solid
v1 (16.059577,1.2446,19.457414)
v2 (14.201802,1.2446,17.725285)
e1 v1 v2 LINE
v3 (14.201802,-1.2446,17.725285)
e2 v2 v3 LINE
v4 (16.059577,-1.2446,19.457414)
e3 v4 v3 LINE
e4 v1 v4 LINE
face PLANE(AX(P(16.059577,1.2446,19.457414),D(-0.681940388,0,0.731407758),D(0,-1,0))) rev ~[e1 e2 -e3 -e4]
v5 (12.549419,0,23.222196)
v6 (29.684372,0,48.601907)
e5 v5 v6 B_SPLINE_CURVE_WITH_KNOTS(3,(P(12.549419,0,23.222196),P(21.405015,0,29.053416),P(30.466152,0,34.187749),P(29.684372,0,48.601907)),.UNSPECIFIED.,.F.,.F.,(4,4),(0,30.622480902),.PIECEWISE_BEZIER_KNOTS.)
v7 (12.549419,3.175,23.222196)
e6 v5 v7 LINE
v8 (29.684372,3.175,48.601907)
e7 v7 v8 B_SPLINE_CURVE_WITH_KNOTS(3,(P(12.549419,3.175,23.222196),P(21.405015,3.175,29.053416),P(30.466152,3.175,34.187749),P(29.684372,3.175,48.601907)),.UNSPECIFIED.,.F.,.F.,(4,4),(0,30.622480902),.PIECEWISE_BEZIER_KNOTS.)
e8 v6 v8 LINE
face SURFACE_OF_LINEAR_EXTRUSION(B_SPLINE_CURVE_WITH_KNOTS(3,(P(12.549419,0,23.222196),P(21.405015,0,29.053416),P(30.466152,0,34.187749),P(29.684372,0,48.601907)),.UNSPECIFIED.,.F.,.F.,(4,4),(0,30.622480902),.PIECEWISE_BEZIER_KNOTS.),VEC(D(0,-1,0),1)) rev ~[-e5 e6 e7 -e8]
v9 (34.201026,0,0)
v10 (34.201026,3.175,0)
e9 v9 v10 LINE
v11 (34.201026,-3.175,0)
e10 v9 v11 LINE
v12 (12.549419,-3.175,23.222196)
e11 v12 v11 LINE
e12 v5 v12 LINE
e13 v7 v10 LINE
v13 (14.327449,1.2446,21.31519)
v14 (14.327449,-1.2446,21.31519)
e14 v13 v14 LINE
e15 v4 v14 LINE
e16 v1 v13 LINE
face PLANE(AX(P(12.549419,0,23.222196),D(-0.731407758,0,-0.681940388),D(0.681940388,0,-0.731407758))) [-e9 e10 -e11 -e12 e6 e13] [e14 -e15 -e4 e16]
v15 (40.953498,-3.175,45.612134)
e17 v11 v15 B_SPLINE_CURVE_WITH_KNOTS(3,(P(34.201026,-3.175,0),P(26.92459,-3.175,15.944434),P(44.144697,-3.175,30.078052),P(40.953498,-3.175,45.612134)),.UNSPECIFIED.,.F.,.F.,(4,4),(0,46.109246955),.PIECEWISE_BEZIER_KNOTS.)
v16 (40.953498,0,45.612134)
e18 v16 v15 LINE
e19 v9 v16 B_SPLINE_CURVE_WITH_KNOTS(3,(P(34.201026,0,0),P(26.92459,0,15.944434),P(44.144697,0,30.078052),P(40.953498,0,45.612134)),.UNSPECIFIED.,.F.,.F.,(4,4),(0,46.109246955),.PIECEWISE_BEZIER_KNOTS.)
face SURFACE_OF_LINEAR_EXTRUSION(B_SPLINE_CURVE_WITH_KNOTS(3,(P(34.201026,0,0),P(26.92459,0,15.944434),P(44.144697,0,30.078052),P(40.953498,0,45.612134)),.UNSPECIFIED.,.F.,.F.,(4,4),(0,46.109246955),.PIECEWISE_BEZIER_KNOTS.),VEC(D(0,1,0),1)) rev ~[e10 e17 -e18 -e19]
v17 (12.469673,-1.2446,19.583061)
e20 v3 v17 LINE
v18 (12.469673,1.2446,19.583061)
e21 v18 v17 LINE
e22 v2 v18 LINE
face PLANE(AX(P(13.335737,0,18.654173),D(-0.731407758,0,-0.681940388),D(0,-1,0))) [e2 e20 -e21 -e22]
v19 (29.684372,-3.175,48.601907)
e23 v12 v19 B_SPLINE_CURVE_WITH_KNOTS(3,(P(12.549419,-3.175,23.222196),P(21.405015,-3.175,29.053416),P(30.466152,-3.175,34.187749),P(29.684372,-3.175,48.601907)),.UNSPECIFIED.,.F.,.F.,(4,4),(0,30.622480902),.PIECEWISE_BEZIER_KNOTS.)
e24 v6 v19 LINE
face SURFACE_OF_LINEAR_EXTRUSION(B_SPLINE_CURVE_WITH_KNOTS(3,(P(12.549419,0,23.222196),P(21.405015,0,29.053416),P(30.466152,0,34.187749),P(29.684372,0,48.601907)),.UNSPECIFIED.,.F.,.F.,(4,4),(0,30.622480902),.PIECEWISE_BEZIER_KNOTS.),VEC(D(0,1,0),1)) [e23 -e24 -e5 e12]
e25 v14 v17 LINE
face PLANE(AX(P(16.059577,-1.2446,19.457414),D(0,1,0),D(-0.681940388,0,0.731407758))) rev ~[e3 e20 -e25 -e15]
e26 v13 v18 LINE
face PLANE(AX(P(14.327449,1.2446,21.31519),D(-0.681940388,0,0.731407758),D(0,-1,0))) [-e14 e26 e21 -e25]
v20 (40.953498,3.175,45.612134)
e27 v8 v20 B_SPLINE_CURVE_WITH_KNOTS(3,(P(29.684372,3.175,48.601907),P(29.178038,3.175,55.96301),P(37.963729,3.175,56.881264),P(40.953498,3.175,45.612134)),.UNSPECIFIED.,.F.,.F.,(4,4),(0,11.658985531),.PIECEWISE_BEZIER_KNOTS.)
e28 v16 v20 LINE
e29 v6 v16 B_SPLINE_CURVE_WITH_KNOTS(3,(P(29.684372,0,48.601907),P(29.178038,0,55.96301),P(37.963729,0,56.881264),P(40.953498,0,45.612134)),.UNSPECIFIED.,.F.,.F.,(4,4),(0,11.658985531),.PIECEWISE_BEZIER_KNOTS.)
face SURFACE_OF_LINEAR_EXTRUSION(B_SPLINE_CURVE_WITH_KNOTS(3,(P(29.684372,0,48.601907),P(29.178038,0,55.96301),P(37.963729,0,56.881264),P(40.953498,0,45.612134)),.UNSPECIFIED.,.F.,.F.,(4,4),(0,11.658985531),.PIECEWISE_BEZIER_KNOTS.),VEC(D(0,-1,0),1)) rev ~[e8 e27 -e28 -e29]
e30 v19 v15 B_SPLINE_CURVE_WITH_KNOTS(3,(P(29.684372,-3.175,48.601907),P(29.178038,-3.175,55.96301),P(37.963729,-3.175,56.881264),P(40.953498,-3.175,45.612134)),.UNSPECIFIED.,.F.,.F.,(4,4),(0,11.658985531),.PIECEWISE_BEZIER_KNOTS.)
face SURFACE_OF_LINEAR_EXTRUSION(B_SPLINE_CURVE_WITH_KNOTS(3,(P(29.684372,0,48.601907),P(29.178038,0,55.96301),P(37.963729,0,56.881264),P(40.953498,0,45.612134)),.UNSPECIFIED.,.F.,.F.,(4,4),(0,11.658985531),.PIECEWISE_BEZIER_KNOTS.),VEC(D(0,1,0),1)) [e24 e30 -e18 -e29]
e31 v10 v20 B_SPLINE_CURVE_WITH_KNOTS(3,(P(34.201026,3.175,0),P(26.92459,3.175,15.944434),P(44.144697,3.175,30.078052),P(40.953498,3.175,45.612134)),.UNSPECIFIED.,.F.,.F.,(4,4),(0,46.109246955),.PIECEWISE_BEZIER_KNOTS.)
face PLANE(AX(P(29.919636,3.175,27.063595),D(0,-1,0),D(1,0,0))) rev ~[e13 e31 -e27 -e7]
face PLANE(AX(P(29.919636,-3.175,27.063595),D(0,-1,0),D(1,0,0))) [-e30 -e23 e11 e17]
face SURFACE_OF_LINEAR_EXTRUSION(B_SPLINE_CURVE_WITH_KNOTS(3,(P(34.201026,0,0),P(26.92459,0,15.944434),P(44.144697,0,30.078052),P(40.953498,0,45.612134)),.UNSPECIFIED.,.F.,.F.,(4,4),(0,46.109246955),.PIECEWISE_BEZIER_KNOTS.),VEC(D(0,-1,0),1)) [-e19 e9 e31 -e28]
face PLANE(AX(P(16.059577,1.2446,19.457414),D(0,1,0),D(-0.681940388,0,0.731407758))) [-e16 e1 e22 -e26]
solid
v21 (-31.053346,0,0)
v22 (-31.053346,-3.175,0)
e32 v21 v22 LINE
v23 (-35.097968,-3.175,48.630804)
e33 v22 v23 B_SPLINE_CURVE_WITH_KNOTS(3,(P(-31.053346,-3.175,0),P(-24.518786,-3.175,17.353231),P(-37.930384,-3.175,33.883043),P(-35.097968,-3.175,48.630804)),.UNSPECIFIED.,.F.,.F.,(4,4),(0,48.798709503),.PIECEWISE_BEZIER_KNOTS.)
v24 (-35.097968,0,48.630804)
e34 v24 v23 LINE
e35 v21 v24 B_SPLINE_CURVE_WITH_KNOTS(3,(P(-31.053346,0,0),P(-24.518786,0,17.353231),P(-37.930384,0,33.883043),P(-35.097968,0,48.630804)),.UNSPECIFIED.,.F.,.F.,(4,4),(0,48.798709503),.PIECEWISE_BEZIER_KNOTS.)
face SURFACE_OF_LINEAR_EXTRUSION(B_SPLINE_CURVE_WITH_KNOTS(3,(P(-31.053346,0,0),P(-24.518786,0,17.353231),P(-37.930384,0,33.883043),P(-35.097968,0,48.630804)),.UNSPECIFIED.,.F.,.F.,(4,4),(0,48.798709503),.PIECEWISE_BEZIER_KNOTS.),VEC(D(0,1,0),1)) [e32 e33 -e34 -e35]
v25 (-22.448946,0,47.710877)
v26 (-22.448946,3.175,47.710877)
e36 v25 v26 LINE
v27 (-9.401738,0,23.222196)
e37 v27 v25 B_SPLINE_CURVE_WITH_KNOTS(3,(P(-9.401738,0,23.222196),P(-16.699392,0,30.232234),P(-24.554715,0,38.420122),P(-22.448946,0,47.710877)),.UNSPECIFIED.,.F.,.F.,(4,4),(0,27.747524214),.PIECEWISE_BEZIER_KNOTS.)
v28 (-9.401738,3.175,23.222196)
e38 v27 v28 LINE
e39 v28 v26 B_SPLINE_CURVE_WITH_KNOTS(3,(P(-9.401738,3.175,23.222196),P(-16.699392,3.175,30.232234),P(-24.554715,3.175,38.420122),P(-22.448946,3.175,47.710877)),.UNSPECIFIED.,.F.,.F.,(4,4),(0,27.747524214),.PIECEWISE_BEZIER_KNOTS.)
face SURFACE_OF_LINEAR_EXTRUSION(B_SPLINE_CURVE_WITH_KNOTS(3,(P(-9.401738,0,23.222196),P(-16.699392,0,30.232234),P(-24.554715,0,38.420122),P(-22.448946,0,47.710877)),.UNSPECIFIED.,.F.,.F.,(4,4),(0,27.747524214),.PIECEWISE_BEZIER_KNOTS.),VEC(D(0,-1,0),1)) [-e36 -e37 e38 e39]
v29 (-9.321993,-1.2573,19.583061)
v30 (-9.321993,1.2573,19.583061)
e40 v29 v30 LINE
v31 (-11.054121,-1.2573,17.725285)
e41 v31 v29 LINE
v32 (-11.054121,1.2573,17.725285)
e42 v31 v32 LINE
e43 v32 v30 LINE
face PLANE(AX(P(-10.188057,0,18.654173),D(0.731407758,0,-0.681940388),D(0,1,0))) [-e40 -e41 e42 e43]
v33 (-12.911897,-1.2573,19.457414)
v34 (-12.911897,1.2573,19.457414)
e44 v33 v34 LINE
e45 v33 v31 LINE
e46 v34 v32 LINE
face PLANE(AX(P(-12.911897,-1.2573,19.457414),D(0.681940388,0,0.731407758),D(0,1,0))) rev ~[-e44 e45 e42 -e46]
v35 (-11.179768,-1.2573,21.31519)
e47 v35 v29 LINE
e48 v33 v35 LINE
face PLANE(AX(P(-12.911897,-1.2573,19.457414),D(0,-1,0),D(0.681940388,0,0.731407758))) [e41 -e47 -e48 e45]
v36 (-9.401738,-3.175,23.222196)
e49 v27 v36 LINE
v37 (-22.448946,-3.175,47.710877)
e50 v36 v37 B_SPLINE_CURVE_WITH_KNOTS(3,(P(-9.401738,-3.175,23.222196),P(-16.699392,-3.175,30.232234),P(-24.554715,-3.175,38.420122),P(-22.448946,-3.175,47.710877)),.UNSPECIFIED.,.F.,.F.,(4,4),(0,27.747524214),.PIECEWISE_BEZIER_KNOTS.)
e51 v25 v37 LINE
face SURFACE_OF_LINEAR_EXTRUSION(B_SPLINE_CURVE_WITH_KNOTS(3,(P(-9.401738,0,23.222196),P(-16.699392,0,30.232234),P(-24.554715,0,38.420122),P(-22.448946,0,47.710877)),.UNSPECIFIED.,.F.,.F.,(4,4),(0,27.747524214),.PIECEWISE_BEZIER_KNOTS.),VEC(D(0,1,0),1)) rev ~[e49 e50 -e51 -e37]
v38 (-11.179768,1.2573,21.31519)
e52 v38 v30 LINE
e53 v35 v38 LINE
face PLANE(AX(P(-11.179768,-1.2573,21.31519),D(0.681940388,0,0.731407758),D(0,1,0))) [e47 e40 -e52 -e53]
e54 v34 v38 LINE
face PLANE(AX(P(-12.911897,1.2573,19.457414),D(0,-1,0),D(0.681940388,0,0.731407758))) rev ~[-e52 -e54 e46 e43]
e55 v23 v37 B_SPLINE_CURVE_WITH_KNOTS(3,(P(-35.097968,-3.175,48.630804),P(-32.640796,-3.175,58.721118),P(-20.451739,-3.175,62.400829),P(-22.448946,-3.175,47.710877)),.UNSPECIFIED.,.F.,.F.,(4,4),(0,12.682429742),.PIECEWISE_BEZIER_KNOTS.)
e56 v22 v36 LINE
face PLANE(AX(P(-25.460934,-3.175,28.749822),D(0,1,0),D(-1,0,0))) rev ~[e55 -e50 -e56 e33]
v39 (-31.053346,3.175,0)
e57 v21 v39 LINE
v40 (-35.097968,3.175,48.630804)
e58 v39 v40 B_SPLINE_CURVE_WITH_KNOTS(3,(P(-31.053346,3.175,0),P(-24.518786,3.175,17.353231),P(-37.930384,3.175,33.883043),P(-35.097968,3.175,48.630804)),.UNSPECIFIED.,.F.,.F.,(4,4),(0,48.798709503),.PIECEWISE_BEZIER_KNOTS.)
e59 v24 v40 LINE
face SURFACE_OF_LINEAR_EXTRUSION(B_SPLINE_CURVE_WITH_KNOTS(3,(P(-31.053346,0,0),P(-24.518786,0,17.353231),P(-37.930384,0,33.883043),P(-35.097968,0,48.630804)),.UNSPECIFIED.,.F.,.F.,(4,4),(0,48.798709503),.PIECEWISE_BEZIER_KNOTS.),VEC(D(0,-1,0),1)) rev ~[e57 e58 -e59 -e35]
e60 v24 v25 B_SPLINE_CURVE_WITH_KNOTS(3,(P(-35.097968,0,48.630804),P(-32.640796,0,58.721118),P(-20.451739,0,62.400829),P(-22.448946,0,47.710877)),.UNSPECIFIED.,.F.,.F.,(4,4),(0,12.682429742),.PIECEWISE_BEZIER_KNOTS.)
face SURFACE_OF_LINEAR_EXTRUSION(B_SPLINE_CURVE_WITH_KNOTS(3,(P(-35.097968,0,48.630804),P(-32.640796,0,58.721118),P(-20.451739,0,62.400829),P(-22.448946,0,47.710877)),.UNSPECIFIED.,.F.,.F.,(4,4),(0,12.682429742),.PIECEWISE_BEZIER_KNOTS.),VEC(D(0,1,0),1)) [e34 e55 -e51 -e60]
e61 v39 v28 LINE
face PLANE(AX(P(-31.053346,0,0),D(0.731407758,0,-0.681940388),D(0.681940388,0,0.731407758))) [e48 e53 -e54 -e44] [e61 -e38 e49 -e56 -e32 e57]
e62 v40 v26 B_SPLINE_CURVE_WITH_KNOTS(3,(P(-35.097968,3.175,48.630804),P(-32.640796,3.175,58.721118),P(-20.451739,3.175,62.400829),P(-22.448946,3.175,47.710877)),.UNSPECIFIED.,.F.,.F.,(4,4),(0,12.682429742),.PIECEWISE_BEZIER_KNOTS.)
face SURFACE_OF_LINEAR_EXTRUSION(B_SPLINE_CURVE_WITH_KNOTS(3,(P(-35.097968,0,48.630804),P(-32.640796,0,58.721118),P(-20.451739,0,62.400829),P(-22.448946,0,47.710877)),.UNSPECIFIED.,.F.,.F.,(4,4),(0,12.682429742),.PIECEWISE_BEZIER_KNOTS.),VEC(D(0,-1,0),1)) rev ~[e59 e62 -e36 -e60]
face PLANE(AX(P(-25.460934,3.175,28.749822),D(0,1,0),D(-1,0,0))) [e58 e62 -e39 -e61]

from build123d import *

# Parameters (mm, degrees)
F1_DEPTH = 3.175
F3_W     = 2.5146
F3_H     = 2.54
F4_DEPTH = 2.54
F6_W     = 2.4892
F6_H     = 2.54
F7_DEPTH = 2.54


with BuildPart() as f1:
    # F0 (on Front) → F1 (new body, symmetric)
    with BuildSketch(Plane.XZ):
        with BuildLine():
            add(Edge.make_bspline(
                [(-31.0533456504, 0), (-24.5187859982, 17.3532310873), (-37.9303842783, 33.8830426335), (-35.0979678333, 48.6308038235)],
                knots=[0, 0, 0, 0, 48.7987095026, 48.7987095026, 48.7987095026, 48.7987095026], degree=3))
            Line((-31.0533456504, 0), (-9.4017383467, 23.2221963037))
            add(Edge.make_bspline(
                [(-9.4017383467, 23.2221963037), (-16.6993923485, 30.2322339267), (-24.5547145605, 38.4201221168), (-22.4489457905, 47.7108769119)],
                knots=[0, 0, 0, 0, 27.7475242141, 27.7475242141, 27.7475242141, 27.7475242141], degree=3))
            add(Edge.make_bspline(
                [(-35.0979678333, 48.6308038235), (-32.6407961547, 58.7211176753), (-20.4517394304, 62.400829047), (-22.4489457905, 47.7108769119)],
                knots=[0, 0, 0, 0, 12.682429742, 12.682429742, 12.682429742, 12.682429742], degree=3))
        make_face()
    extrude(amount=F1_DEPTH, both=True)

    # F3 (on offset) → F4 (join)
    with BuildSketch(Plane(origin=(-16.6122141895, 0, 15.4886787354), x_dir=(0, 1, 0), z_dir=(0.7314077576, 0, -0.6819403875))):
        with Locations((0, 6.6961594334)):
            Rectangle(F3_W, F3_H)
    extrude(amount=F4_DEPTH)


with BuildPart() as f1b:
    # F0 (on Front) → F1, piece 2 (new body, symmetric)
    with BuildSketch(Plane.XZ):
        with BuildLine():
            Line((12.5494186591, 23.2221963037), (34.2010259628, 0))
            add(Edge.make_bspline(
                [(34.2010259628, 0), (26.9245896488, 15.9444343299), (44.1446974874, 30.0780516118), (40.9534983337, 45.6121340394)],
                knots=[0, 0, 0, 0, 46.1092469549, 46.1092469549, 46.1092469549, 46.1092469549], degree=3))
            add(Edge.make_bspline(
                [(29.6843722463, 48.6019067466), (29.1780382395, 55.9630095959), (37.9637293518, 56.8812638521), (40.9534983337, 45.6121340394)],
                knots=[0, 0, 0, 0, 11.6589855311, 11.6589855311, 11.6589855311, 11.6589855311], degree=3))
            add(Edge.make_bspline(
                [(12.5494186591, 23.2221963037), (21.4050151408, 29.0534161031), (30.4661523551, 34.1877490282), (29.6843722463, 48.6019067466)],
                knots=[0, 0, 0, 0, 30.6224809022, 30.6224809022, 30.6224809022, 30.6224809022], degree=3))
        make_face()
    extrude(amount=F1_DEPTH, both=True)

    # F6 (on offset) → F7 (join)
    with BuildSketch(Plane(origin=(18.2960887755, 0, 17.0586676721), x_dir=(0, -1, 0), z_dir=(-0.7314077576, 0, -0.6819403875))):
        with Locations((0, 4.5496291014)):
            Rectangle(F6_W, F6_H)
    extrude(amount=F7_DEPTH)


solid = Compound([f1.part, f1b.part])
